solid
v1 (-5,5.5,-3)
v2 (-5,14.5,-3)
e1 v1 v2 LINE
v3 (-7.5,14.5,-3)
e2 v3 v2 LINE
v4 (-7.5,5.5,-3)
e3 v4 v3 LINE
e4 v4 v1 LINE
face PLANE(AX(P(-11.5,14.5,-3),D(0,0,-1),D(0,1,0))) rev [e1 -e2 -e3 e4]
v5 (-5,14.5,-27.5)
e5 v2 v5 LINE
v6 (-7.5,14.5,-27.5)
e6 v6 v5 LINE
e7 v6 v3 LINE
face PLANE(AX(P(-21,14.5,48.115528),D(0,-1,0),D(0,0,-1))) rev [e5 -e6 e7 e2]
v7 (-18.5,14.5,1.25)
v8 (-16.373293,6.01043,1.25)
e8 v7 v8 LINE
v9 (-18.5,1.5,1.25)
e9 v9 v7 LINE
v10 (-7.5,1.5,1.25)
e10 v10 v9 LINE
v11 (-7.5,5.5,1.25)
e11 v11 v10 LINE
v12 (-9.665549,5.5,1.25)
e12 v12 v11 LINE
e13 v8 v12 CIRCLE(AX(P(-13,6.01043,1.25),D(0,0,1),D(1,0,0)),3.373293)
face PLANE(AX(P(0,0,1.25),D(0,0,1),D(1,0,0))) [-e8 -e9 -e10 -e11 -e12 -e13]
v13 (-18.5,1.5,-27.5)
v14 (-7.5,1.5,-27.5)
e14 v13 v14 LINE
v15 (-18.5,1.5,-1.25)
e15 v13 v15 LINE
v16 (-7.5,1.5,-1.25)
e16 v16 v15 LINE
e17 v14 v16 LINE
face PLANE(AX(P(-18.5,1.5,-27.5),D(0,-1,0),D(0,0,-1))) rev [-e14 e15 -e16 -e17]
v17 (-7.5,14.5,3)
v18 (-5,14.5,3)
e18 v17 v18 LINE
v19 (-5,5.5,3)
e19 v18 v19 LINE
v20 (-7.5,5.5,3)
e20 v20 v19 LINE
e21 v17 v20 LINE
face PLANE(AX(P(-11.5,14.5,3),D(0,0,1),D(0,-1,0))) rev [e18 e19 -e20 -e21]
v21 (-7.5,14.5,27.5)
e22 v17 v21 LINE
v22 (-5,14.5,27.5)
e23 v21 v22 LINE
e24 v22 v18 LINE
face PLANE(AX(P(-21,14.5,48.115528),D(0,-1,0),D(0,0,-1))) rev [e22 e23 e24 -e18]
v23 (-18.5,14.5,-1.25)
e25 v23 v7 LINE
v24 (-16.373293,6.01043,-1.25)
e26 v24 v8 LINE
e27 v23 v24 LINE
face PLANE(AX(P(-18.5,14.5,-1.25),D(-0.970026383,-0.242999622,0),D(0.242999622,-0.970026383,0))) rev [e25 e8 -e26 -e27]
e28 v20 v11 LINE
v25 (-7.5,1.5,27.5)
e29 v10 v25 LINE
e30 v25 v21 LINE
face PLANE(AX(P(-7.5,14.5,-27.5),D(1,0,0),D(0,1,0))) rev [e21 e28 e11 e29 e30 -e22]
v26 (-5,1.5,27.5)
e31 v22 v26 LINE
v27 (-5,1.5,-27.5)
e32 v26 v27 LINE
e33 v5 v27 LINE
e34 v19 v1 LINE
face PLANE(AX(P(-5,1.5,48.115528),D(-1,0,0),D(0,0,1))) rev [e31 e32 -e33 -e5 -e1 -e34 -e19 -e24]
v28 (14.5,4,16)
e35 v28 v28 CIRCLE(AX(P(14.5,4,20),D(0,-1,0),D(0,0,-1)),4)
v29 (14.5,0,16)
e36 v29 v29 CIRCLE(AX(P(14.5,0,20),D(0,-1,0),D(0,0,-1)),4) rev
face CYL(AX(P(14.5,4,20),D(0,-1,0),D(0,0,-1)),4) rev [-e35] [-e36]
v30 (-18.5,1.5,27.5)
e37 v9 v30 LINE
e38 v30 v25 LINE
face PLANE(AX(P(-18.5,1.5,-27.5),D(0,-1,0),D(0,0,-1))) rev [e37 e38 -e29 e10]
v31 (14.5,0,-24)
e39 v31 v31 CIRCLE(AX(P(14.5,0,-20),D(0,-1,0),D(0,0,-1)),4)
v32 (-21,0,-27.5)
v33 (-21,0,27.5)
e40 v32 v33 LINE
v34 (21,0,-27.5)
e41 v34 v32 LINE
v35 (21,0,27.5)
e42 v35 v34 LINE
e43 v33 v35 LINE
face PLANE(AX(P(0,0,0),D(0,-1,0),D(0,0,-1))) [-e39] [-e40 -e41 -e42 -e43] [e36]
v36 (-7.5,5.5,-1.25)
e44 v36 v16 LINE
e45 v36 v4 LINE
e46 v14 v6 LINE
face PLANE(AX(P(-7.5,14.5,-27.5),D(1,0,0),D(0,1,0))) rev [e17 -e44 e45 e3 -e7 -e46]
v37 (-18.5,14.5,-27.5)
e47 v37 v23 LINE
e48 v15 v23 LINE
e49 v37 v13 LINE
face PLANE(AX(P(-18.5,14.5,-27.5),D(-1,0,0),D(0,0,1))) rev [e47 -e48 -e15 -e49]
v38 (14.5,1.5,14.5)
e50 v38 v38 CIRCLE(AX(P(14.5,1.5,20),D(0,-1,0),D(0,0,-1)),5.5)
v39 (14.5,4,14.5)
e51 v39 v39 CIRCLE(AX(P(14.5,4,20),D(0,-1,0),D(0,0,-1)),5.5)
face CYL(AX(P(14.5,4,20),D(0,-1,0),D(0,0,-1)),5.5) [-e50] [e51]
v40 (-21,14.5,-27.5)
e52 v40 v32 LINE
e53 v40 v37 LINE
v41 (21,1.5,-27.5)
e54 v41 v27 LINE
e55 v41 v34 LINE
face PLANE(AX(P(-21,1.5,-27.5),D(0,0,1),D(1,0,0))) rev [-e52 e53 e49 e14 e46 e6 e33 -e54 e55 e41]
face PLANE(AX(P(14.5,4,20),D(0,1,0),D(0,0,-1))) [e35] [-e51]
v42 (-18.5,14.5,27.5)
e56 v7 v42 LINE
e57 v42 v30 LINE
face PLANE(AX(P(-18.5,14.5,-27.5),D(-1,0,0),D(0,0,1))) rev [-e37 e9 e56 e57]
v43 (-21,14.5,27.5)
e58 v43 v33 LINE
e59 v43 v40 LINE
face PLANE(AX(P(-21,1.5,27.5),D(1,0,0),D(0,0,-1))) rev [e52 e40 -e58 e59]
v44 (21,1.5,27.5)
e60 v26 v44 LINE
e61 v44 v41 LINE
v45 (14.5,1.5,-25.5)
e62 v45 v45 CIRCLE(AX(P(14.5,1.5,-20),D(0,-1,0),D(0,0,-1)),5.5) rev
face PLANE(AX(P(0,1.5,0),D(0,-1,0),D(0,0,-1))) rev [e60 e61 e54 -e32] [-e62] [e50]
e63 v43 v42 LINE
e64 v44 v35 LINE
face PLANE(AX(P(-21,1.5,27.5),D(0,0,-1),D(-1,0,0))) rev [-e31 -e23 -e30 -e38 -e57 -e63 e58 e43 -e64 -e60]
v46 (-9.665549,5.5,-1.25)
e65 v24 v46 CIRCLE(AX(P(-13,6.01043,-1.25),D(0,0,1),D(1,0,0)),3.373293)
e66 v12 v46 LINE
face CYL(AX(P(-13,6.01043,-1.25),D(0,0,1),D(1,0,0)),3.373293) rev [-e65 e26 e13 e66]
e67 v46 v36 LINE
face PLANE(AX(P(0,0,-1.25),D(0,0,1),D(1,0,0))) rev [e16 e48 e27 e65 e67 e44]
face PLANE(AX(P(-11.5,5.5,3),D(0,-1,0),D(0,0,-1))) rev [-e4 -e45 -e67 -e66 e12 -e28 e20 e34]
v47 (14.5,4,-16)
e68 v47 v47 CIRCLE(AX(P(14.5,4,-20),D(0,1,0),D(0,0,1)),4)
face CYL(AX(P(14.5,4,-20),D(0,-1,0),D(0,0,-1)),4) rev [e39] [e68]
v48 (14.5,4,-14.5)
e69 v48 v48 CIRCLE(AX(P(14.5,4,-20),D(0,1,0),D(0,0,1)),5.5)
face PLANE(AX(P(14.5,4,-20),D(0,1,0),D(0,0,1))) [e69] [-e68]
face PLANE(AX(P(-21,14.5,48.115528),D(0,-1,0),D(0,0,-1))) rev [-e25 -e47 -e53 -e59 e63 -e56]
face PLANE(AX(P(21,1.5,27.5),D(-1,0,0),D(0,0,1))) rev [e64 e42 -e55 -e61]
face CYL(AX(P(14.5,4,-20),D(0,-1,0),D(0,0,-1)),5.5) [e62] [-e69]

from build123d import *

# Parameters (mm, degrees)
SKETCH1_W                       = 42
SKETCH1_H                       = 55
BOSS_EXTRUDE1_DEPTH             = 1.5
BOSS_EXTRUDE2_REACH             = 29.5
SKETCH2_W                       = 16
SKETCH2_H                       = 13
BOSS_EXTRUDE2_DIRECTION_2_REACH = 29.5
SKETCH3_W                       = 11
SKETCH3_H                       = 13
CUT_EXTRUDE2_DEPTH              = 56
SKETCH6_W                       = 16
SKETCH6_H                       = 13.028292271
BOSS_EXTRUDE3_DEPTH             = 1.25
CUT_EXTRUDE5_DEPTH              = 2.5
SKETCH8_W                       = 6
SKETCH8_H                       = 9
CUT_EXTRUDE6_DEPTH              = 6.5
SKETCH9_R                       = 5.5
SKETCH9_R_2                     = 4
BOSS_EXTRUDE4_DEPTH             = 2.5
SKETCH11_R                      = 4
CUT_EXTRUDE7_DEPTH              = 2.5


with BuildPart() as part:
    # Sketch1 → Boss-Extrude1 (new body)
    with BuildSketch(Plane(origin=(0, 0, 0), x_dir=(1, 0, 0), z_dir=(0, 1, 0))):
        Rectangle(SKETCH1_W, SKETCH1_H)
    extrude(amount=BOSS_EXTRUDE1_DEPTH)

    # Boss-Extrude2: up to this face of the body (flat: up to its plane)
    boss_extrude2_end = Plane(part.part.faces().sort_by_distance((0, 0.75, 27.5))[0])
    # Sketch2 → Boss-Extrude2 (add, up to the picked face)
    with BuildSketch(Plane.XY, mode=Mode.PRIVATE) as boss_extrude2_sk1:
        with Locations((-13, 8)):
            Rectangle(SKETCH2_W, SKETCH2_H)
    boss_extrude2_tool1 = split(extrude(boss_extrude2_sk1.sketch, amount=BOSS_EXTRUDE2_REACH, mode=Mode.PRIVATE), bisect_by=boss_extrude2_end, keep=Keep.BOTH, mode=Mode.PRIVATE)
    add(boss_extrude2_tool1.solids().sort_by_distance((-13, 8, 0))[0])

    # Boss-Extrude2 direction 2: up to this face of the body (flat: up to its plane)
    boss_extrude2_direction_2_end = Plane(part.part.faces().sort_by_distance((0, 0.75, -27.5))[0])
    # Sketch2 → Boss-Extrude2 direction 2 (add, up to the picked face)
    with BuildSketch(Plane.XY, mode=Mode.PRIVATE) as boss_extrude2_direction_2_sk1:
        with Locations((-13, 8)):
            Rectangle(SKETCH2_W, SKETCH2_H)
    boss_extrude2_direction_2_tool1 = split(extrude(boss_extrude2_direction_2_sk1.sketch, amount=-BOSS_EXTRUDE2_DIRECTION_2_REACH, mode=Mode.PRIVATE), bisect_by=boss_extrude2_direction_2_end, keep=Keep.BOTH, mode=Mode.PRIVATE)
    add(boss_extrude2_direction_2_tool1.solids().sort_by_distance((-13, 8, 0))[0])

    # Sketch3 → Cut-Extrude2 (cut, through all)
    with BuildSketch(Plane.XY.offset(27.5)):
        with Locations((-13, 8)):
            Rectangle(SKETCH3_W, SKETCH3_H)
    extrude(amount=-CUT_EXTRUDE2_DEPTH, mode=Mode.SUBTRACT)

    # Sketch6 → Boss-Extrude3 (add, symmetric)
    with BuildSketch(Plane.XY):
        with Locations((-13, 7.985853865)):
            Rectangle(SKETCH6_W, SKETCH6_H)
    extrude(amount=BOSS_EXTRUDE3_DEPTH, both=True)

    # Sketch7 → Cut-Extrude5 (cut)
    with BuildSketch(Plane.XY.offset(1.25)):
        with BuildLine():
            Line((-7.5, 14.5), (-18.5, 14.5))
            Line((-18.5, 14.5), (-16.373292693, 6.010430414))
            ThreePointArc((-16.373292693, 6.010430414), (-13, 2.637137721), (-9.626707307, 6.010430414))
            Line((-9.626707307, 6.010430414), (-7.5, 14.5))
        make_face()
    extrude(amount=-CUT_EXTRUDE5_DEPTH, mode=Mode.SUBTRACT)

    # Sketch8 → Cut-Extrude6 (cut)
    with BuildSketch(Plane(origin=(-5, 0, 0), x_dir=(0, 0, -1), z_dir=(1, 0, 0))):
        with Locations((0, 10)):
            Rectangle(SKETCH8_W, SKETCH8_H)
    extrude(amount=-CUT_EXTRUDE6_DEPTH, mode=Mode.SUBTRACT)

    # Sketch9 → Boss-Extrude4 (add)
    with BuildSketch(Plane(origin=(0, 1.5, 0), x_dir=(1, 0, 0), z_dir=(0, 1, 0))):
        with Locations((14.5, 20)):
            Circle(SKETCH9_R)
        with Locations((14.5, 20)):
            Circle(SKETCH9_R_2, mode=Mode.SUBTRACT)
    boss_extrude4 = extrude(amount=BOSS_EXTRUDE4_DEPTH)

    # Sketch11 → Cut-Extrude7 (cut)
    with BuildSketch(Plane(origin=(0, 1.5, 0), x_dir=(1, 0, 0), z_dir=(0, 1, 0))):
        with Locations((14.5, 20)):
            Circle(SKETCH11_R)
    cut_extrude7 = extrude(amount=-CUT_EXTRUDE7_DEPTH, mode=Mode.SUBTRACT)

    # Mirror1: Boss-Extrude4, Cut-Extrude7 across plane
    add(boss_extrude4.mirror(Plane.XY))
    add(cut_extrude7.mirror(Plane.XY), mode=Mode.SUBTRACT)


solid = part.part
